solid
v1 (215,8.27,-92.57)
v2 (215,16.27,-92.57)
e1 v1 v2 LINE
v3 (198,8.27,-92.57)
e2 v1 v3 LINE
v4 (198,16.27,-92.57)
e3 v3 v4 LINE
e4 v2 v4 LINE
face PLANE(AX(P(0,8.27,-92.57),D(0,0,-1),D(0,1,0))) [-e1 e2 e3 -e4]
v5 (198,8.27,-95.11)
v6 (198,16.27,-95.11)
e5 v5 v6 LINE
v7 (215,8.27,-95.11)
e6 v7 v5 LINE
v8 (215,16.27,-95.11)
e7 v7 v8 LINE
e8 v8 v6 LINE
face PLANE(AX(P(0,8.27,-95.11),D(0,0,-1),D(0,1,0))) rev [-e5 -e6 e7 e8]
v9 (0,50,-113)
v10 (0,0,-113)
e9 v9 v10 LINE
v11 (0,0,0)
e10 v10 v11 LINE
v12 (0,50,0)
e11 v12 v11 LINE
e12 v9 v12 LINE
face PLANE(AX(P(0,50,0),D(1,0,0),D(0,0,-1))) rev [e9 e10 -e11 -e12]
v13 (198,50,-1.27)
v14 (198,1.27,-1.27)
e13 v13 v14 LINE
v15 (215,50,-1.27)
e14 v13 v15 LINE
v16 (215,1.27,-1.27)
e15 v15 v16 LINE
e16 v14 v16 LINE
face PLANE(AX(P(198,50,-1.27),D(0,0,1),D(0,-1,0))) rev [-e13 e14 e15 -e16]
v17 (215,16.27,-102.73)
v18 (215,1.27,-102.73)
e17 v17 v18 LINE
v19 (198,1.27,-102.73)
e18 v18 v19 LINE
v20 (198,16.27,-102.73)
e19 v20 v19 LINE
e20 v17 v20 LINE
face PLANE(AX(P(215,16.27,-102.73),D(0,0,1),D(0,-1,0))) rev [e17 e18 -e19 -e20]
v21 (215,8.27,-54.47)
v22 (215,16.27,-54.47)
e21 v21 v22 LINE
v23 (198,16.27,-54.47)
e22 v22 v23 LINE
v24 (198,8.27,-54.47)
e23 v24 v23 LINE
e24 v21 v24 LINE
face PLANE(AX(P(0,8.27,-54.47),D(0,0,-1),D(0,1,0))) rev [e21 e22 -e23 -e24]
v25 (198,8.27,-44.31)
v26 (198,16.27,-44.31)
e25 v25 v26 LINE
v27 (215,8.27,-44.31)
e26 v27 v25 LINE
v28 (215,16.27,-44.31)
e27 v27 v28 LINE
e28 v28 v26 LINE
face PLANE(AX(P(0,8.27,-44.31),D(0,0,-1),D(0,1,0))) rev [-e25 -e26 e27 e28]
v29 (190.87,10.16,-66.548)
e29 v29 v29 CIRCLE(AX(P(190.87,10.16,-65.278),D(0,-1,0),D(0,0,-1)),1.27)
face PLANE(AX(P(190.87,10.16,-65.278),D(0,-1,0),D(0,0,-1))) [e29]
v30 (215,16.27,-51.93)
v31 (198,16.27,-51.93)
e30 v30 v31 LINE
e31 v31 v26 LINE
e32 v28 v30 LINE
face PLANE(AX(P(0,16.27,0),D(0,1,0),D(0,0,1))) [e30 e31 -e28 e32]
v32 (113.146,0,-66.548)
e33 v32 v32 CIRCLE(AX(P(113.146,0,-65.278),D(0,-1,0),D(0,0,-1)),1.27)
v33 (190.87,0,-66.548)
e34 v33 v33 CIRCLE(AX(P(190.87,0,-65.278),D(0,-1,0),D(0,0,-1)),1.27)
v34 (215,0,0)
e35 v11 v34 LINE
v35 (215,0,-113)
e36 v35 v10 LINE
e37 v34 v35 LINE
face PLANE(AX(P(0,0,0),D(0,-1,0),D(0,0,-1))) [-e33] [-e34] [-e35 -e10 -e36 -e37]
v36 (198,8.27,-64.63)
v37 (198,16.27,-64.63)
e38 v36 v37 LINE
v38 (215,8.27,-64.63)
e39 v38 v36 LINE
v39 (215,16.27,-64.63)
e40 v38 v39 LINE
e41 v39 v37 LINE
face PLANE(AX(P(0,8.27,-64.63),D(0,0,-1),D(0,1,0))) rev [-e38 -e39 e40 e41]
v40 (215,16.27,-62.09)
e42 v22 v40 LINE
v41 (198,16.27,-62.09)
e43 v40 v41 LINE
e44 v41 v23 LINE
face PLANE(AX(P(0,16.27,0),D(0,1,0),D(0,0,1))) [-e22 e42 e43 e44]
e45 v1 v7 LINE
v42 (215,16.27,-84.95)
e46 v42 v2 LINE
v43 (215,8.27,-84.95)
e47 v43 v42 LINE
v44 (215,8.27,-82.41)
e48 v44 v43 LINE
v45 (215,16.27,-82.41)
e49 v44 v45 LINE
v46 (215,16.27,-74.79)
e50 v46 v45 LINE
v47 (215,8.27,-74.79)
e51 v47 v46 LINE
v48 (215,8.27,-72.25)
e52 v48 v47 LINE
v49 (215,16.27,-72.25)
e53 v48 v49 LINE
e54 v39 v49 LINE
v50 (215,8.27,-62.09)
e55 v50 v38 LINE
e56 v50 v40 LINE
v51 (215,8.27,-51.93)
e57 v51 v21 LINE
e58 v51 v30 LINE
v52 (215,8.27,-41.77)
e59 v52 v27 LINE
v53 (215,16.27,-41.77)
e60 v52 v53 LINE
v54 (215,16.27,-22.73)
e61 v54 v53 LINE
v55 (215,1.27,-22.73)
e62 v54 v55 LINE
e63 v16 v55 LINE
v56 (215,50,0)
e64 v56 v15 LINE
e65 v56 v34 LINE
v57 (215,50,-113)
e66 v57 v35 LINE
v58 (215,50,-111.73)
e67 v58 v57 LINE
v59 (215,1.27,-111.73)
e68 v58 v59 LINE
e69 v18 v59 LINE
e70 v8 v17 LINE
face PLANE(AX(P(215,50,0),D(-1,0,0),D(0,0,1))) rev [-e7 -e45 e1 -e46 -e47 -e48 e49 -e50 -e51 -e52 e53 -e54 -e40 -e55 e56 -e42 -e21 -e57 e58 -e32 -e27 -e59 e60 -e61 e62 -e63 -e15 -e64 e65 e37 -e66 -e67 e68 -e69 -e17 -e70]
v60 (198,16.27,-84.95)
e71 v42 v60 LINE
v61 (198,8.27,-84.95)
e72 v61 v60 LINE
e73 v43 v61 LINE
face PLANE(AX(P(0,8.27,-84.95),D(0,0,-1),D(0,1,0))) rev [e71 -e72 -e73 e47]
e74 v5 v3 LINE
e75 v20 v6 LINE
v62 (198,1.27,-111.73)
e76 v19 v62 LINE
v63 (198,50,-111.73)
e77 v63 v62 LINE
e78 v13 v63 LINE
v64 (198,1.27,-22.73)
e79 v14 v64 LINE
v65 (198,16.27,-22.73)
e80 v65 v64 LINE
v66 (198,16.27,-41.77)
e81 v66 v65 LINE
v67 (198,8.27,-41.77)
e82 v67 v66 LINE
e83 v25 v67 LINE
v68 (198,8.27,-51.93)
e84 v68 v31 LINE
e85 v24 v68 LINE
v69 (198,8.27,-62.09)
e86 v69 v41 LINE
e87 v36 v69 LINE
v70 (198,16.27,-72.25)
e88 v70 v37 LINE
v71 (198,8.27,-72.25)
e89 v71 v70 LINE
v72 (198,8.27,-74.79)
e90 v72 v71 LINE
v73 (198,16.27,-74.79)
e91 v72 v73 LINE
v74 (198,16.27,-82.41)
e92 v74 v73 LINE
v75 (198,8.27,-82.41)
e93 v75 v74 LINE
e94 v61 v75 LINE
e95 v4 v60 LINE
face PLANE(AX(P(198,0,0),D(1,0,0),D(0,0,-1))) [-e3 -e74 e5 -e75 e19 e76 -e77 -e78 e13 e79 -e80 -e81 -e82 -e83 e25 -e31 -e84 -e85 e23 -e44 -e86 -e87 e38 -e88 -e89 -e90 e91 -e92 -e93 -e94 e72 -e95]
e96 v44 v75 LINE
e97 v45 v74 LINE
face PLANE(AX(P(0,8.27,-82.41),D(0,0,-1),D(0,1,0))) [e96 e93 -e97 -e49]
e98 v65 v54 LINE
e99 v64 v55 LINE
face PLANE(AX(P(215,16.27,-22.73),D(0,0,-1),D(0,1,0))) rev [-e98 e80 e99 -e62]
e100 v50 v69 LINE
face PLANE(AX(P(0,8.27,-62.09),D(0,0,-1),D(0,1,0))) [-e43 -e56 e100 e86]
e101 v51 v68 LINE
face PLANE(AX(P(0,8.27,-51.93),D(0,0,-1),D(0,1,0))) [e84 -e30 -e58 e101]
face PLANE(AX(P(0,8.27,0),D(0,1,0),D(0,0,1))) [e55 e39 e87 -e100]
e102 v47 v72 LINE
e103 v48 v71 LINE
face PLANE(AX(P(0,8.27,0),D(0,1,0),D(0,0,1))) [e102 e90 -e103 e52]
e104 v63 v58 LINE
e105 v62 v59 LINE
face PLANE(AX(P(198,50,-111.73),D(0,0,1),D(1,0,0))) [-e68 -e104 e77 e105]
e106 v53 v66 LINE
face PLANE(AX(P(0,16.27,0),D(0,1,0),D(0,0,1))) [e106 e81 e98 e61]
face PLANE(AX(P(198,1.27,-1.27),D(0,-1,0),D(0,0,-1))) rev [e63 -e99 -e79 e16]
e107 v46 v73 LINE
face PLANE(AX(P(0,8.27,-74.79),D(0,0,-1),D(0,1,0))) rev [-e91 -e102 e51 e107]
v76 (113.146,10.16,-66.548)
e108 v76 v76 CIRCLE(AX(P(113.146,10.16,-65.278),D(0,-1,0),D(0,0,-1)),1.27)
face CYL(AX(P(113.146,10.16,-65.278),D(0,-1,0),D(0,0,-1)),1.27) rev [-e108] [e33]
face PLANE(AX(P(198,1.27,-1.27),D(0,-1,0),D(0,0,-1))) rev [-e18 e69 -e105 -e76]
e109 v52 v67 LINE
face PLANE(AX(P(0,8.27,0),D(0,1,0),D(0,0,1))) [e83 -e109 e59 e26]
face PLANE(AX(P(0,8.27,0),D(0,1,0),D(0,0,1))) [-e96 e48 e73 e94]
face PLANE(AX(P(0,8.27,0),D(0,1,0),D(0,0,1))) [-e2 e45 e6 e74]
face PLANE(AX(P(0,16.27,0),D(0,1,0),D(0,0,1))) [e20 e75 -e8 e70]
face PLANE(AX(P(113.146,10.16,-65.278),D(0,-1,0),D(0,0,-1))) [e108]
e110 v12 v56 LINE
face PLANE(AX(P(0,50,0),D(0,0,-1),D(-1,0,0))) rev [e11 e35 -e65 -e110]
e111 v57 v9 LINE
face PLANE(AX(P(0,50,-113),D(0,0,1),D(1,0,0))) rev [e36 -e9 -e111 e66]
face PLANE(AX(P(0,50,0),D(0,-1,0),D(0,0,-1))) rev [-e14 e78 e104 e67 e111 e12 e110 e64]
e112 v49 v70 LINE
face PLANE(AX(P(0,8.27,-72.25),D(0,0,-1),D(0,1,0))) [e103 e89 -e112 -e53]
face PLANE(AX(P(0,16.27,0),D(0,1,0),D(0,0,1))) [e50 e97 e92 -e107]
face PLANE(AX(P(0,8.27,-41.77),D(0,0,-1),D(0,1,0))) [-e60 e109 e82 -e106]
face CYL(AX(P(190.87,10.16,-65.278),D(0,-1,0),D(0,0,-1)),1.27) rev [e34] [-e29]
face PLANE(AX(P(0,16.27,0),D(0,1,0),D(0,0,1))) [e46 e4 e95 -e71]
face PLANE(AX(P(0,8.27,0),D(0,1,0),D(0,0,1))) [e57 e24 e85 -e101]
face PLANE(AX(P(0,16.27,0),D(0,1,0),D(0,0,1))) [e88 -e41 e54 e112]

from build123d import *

# Parameters (mm, degrees)
SKETCH1_W           = 215
SKETCH1_H           = 113
BOSS_EXTRUDE1_DEPTH = 50
SKETCH2_W           = 110.46
SKETCH2_H           = 48.73
CUT_EXTRUDE1_DEPTH  = 17
SKETCH4_W           = 17
SKETCH4_H           = 80
BOSS_EXTRUDE2_DEPTH = 15
SKETCH6_R           = 1.27
CUT_EXTRUDE4_DEPTH  = 10.16
SKETCH7_W           = 17
SKETCH7_H           = 2.54
CUT_EXTRUDE5_DEPTH  = 8


with BuildPart() as part:
    # Sketch1 → Boss-Extrude1 (new body)
    with BuildSketch(Plane(origin=(0, 0, 0), x_dir=(1, 0, 0), z_dir=(0, 1, 0))):
        with Locations((107.5, 56.5)):
            Rectangle(SKETCH1_W, SKETCH1_H)
    extrude(amount=BOSS_EXTRUDE1_DEPTH)

    # Sketch2 → Cut-Extrude1 (cut)
    with BuildSketch(Plane(origin=(215, 0, 0), x_dir=(0, 0, -1), z_dir=(1, 0, 0))):
        with Locations((56.5, 25.635)):
            Rectangle(SKETCH2_W, SKETCH2_H)
    extrude(amount=-CUT_EXTRUDE1_DEPTH, mode=Mode.SUBTRACT)

    # Sketch4 → Boss-Extrude2 (add)
    with BuildSketch(Plane(origin=(0, 1.27, 0), x_dir=(1, 0, 0), z_dir=(0, 1, 0))):
        with Locations((206.5, 62.73)):
            Rectangle(SKETCH4_W, SKETCH4_H)
    extrude(amount=BOSS_EXTRUDE2_DEPTH)

    # Sketch6 → Cut-Extrude4 (cut)
    with BuildSketch(Plane.XZ):
        with Locations((113.146, -65.278)):
            Circle(SKETCH6_R)
        with Locations((190.87, -65.278)):
            Circle(SKETCH6_R)
    extrude(amount=-CUT_EXTRUDE4_DEPTH, mode=Mode.SUBTRACT)

    # Sketch7 → Cut-Extrude5 (cut)
    with BuildSketch(Plane(origin=(0, 16.27, 0), x_dir=(1, 0, 0), z_dir=(0, 1, 0))):
        with Locations((206.5, 93.84)):
            Rectangle(SKETCH7_W, SKETCH7_H)
        with Locations((206.5, 83.68)):
            Rectangle(SKETCH7_W, SKETCH7_H)
        with Locations((206.5, 73.52)):
            Rectangle(SKETCH7_W, SKETCH7_H)
        with Locations((206.5, 63.36)):
            Rectangle(SKETCH7_W, SKETCH7_H)
        with Locations((206.5, 53.2)):
            Rectangle(SKETCH7_W, SKETCH7_H)
        with Locations((206.5, 43.04)):
            Rectangle(SKETCH7_W, SKETCH7_H)
    extrude(amount=-CUT_EXTRUDE5_DEPTH, mode=Mode.SUBTRACT)


solid = part.part
